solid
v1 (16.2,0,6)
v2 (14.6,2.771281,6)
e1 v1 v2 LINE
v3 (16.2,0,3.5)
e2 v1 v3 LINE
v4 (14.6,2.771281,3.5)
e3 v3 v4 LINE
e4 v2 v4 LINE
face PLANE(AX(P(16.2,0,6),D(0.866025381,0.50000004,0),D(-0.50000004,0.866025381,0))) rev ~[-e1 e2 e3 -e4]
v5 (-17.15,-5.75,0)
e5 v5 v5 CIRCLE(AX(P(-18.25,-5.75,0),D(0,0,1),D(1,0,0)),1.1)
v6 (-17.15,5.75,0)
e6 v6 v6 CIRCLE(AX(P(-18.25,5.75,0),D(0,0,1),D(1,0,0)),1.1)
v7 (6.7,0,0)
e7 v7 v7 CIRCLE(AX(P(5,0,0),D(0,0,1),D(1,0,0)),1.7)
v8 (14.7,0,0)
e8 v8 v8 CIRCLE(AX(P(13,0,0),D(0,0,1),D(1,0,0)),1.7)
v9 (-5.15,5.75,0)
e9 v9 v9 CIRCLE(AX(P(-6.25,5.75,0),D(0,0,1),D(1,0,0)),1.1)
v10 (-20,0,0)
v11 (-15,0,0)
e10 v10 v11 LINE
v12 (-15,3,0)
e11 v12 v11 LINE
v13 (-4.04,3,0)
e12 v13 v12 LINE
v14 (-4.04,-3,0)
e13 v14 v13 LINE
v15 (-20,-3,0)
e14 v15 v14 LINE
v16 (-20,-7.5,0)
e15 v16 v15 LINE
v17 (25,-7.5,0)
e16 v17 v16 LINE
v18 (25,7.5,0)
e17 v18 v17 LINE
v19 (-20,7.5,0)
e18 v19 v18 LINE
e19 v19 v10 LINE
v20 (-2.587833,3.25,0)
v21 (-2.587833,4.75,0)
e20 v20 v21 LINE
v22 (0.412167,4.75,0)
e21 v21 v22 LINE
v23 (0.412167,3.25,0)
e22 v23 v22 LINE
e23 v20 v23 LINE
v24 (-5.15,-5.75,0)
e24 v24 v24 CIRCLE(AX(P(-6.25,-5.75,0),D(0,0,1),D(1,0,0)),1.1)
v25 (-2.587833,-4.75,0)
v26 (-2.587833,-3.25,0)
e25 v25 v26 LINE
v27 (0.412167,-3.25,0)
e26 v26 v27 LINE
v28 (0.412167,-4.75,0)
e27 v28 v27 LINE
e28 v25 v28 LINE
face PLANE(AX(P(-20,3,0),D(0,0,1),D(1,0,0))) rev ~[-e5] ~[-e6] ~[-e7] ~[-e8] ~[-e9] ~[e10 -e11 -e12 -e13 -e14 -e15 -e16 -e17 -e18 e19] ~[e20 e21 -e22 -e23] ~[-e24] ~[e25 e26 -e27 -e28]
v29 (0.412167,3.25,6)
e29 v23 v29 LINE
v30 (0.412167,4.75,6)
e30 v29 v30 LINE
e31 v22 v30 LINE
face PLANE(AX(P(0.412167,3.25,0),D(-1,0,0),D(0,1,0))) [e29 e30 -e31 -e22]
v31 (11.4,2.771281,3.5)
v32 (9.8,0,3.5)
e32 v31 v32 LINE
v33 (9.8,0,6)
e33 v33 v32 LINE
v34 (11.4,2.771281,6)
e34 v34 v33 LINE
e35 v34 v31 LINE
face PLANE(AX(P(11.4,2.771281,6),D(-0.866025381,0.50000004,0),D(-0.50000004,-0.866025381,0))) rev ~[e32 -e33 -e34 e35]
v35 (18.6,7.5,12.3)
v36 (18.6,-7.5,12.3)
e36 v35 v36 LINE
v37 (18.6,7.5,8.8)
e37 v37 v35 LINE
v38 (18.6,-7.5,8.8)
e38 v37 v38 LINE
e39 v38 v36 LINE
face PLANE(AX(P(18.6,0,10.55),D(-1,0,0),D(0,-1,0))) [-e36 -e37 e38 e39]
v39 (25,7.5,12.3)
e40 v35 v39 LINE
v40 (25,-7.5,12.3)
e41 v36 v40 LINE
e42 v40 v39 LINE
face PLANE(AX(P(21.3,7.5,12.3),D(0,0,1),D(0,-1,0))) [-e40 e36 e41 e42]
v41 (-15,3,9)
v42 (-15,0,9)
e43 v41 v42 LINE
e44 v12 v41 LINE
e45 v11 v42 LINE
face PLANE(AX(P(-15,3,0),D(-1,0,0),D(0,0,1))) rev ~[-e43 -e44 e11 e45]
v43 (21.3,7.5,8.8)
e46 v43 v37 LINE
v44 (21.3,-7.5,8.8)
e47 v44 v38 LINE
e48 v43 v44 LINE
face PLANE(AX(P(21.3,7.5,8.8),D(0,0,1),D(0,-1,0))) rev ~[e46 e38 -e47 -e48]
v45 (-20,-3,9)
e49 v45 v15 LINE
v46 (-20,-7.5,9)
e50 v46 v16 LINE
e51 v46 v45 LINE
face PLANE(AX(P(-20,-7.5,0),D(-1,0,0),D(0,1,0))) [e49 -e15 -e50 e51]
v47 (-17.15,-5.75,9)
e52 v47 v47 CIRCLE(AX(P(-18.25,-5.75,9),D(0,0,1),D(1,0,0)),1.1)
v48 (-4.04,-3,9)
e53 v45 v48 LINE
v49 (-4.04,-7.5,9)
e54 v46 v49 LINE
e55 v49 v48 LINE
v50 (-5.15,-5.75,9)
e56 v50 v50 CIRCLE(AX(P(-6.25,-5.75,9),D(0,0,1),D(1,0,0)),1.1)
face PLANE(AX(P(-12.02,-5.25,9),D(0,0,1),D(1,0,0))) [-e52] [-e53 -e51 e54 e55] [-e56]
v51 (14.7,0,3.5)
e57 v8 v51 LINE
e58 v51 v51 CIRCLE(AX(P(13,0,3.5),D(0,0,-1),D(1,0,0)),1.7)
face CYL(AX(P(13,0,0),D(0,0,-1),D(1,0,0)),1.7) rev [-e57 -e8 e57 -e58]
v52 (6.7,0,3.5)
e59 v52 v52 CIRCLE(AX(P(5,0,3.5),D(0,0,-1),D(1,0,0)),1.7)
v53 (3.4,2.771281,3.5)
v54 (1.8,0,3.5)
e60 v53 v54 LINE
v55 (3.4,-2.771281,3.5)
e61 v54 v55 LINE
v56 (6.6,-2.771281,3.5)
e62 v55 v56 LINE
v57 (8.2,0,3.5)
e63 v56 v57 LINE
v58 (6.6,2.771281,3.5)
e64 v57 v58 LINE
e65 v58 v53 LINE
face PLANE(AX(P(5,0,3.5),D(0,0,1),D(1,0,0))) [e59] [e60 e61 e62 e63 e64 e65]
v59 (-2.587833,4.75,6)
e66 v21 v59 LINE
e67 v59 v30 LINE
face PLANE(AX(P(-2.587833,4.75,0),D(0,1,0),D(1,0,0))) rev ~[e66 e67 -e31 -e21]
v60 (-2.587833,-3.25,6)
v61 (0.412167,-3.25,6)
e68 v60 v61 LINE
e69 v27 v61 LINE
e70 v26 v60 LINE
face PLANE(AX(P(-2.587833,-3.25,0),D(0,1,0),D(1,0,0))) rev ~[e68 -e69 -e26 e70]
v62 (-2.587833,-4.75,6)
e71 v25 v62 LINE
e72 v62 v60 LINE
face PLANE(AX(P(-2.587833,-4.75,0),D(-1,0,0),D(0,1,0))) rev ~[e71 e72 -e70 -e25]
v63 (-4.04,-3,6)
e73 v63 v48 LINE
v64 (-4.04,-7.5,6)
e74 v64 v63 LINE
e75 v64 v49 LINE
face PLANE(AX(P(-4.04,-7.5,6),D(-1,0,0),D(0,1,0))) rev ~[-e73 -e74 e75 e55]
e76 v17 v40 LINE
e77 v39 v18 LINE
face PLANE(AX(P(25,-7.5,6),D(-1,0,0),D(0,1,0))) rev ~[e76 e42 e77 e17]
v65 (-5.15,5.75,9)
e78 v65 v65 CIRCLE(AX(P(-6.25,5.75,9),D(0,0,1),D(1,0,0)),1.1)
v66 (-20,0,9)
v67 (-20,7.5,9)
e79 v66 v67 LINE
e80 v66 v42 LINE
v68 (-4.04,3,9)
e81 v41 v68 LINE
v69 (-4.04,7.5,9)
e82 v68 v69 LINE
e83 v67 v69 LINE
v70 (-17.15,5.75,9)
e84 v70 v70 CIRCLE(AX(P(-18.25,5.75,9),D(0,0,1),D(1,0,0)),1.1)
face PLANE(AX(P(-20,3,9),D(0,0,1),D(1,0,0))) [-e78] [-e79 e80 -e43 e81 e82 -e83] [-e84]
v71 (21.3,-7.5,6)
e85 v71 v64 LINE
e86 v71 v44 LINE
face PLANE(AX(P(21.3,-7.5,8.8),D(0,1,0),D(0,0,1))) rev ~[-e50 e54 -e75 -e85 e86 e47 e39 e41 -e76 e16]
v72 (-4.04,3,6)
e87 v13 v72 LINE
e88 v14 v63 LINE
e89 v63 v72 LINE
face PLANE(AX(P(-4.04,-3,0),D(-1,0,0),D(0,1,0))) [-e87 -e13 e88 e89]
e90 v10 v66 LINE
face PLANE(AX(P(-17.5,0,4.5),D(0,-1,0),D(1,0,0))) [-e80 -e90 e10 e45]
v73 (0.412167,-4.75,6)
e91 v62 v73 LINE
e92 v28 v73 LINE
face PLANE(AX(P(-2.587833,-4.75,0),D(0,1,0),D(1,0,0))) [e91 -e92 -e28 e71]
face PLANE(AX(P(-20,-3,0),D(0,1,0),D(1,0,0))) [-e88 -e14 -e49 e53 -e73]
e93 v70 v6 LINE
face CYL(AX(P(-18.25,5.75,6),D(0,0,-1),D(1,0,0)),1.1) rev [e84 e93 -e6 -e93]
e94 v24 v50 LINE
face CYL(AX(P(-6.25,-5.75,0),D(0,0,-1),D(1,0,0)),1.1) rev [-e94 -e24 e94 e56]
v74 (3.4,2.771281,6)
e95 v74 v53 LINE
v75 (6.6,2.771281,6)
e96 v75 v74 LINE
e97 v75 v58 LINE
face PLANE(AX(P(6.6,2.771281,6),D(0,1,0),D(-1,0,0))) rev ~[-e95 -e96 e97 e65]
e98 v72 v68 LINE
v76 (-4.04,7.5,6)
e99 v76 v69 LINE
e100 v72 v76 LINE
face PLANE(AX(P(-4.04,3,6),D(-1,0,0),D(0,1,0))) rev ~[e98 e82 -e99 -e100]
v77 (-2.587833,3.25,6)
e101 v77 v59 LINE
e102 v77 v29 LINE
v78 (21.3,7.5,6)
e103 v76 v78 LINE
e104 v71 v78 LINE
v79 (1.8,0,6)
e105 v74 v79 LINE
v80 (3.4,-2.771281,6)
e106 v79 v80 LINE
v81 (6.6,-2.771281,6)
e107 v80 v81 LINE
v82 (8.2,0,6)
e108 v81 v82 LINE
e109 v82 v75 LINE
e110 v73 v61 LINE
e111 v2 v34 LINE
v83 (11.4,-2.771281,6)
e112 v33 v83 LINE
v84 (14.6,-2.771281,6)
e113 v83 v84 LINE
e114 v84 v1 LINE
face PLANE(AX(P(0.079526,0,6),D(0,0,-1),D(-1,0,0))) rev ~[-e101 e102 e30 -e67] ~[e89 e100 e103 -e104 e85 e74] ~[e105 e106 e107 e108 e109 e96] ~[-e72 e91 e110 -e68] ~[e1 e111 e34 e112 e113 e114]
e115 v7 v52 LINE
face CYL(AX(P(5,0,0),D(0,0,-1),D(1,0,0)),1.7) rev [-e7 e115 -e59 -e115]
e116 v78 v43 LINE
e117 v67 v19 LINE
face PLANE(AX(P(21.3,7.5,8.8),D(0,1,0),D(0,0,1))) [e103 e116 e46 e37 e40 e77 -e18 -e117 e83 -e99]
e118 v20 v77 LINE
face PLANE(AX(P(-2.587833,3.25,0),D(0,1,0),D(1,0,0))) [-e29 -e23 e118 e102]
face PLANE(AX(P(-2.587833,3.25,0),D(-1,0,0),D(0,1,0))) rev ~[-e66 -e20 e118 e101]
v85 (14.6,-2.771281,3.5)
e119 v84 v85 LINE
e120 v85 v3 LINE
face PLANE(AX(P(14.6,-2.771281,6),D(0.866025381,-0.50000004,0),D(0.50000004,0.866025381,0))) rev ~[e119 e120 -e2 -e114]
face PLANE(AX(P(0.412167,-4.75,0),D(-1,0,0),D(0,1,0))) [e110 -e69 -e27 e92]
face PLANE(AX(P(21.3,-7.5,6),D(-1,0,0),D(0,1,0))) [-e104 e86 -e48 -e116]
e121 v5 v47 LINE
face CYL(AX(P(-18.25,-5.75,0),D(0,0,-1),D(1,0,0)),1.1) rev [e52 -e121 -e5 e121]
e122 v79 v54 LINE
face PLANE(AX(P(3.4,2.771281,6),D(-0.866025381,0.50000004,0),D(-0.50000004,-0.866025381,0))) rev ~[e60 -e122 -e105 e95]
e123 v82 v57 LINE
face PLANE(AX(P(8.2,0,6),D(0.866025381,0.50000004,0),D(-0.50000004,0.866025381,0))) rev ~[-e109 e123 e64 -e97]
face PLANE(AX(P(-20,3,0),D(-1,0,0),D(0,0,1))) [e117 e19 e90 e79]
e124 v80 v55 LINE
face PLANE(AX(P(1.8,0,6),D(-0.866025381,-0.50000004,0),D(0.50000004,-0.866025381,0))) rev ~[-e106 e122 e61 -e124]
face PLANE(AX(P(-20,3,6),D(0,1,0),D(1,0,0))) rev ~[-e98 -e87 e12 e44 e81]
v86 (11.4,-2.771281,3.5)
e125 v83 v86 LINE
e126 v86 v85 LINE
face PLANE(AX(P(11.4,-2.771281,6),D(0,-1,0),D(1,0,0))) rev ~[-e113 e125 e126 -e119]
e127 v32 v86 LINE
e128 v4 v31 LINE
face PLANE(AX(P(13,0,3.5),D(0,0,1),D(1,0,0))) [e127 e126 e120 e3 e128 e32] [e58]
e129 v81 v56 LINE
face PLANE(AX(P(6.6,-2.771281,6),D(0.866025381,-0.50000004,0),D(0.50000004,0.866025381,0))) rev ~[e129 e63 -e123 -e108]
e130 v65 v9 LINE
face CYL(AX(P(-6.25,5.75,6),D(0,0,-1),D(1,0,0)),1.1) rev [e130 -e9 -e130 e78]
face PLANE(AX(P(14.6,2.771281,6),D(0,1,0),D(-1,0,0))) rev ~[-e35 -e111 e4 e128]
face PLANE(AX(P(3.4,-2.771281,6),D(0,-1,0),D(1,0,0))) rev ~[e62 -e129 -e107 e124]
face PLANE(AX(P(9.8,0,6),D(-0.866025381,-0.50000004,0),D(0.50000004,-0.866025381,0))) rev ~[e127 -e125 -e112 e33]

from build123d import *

# Parameters (mm, degrees)
SKETCH_R     = 1.7
SKETCH_R_2   = 1.1
SKETCH_W     = 3
SKETCH_H     = 1.5
PAD_DEPTH    = 6
POCKET_DEPTH = 2.5
SKETCH002_W  = 15.96
SKETCH002_H  = 4.5
SKETCH002_R  = 1.1
PAD001_DEPTH = 3
SKETCH003_W  = 3.7
SKETCH003_H  = 15
PAD002_DEPTH = 6.3
SKETCH004_W  = 15
SKETCH004_H  = 3.5
PAD003_DEPTH = 2.7
SKETCH005_W  = 5
SKETCH005_H  = 9
PAD004_DEPTH = 3


with BuildPart() as part:
    # Sketch → Pad (new body)
    with BuildSketch(Plane.XY):
        Polygon((-20, 7.5), (25, 7.5), (25, -7.5), (-20, -7.5), (-20, -3), (-4.04, -3), (-4.04, 3), (-20, 3), align=None)
        with Locations((5, 0)):
            Circle(SKETCH_R, mode=Mode.SUBTRACT)
        with Locations((13, 0)):
            Circle(SKETCH_R, mode=Mode.SUBTRACT)
        with Locations((-18.25, 5.75)):
            Circle(SKETCH_R_2, mode=Mode.SUBTRACT)
        with Locations((-6.25, 5.75)):
            Circle(SKETCH_R_2, mode=Mode.SUBTRACT)
        with Locations((-18.25, -5.75)):
            Circle(SKETCH_R_2, mode=Mode.SUBTRACT)
        with Locations((-6.25, -5.75)):
            Circle(SKETCH_R_2, mode=Mode.SUBTRACT)
        with Locations((-1.087833, 4)):
            Rectangle(SKETCH_W, SKETCH_H, mode=Mode.SUBTRACT)
        with Locations((-1.087833, -4)):
            Rectangle(SKETCH_W, SKETCH_H, mode=Mode.SUBTRACT)
    extrude(amount=PAD_DEPTH)

    # Sketch001 (on Face24 of Pad) → Pocket (cut)
    with BuildSketch(Plane.XY.offset(6)):
        Polygon((6.6, -2.771281), (8.2, 0), (6.6, 2.771281), (3.4, 2.771281), (1.8, 0), (3.4, -2.771281), align=None)
        Polygon((14.6, -2.771281), (16.2, 0), (14.6, 2.771281), (11.4, 2.771281), (9.8, 0), (11.4, -2.771281), align=None)
    extrude(amount=-POCKET_DEPTH, mode=Mode.SUBTRACT)

    # Sketch002 (on Face5 of Pocket) → Pad001 (join)
    with BuildSketch(Plane.XY.offset(6)):
        with Locations((-12.02, 5.25)):
            Rectangle(SKETCH002_W, SKETCH002_H)
        with Locations((-18.25, 5.75)):
            Circle(SKETCH002_R, mode=Mode.SUBTRACT)
        with Locations((-6.25, 5.75)):
            Circle(SKETCH002_R, mode=Mode.SUBTRACT)
        with Locations((-12.02, -5.25)):
            Rectangle(SKETCH002_W, SKETCH002_H)
        with Locations((-18.25, -5.75)):
            Circle(SKETCH002_R, mode=Mode.SUBTRACT)
        with Locations((-6.25, -5.75)):
            Circle(SKETCH002_R, mode=Mode.SUBTRACT)
    extrude(amount=PAD001_DEPTH)

    # Sketch003 (on Face8 of Pad001) → Pad002 (join)
    with BuildSketch(Plane.XY.offset(6)):
        with Locations((23.15, 0)):
            Rectangle(SKETCH003_W, SKETCH003_H)
    extrude(amount=PAD002_DEPTH)

    # Sketch004 (on Face33 of Pad002) → Pad003 (join)
    with BuildSketch(Plane(origin=(21.3, 0, 0), x_dir=(0, -1, 0), z_dir=(-1, 0, 0))):
        with Locations((0, 10.55)):
            Rectangle(SKETCH004_W, SKETCH004_H)
    extrude(amount=PAD003_DEPTH)

    # Sketch005 (on Face3 of Pad003) → Pad004 (join)
    with BuildSketch(Plane.XZ.offset(-3)):
        with Locations((-17.5, 4.5)):
            Rectangle(SKETCH005_W, SKETCH005_H)
    extrude(amount=PAD004_DEPTH)


solid = part.part
